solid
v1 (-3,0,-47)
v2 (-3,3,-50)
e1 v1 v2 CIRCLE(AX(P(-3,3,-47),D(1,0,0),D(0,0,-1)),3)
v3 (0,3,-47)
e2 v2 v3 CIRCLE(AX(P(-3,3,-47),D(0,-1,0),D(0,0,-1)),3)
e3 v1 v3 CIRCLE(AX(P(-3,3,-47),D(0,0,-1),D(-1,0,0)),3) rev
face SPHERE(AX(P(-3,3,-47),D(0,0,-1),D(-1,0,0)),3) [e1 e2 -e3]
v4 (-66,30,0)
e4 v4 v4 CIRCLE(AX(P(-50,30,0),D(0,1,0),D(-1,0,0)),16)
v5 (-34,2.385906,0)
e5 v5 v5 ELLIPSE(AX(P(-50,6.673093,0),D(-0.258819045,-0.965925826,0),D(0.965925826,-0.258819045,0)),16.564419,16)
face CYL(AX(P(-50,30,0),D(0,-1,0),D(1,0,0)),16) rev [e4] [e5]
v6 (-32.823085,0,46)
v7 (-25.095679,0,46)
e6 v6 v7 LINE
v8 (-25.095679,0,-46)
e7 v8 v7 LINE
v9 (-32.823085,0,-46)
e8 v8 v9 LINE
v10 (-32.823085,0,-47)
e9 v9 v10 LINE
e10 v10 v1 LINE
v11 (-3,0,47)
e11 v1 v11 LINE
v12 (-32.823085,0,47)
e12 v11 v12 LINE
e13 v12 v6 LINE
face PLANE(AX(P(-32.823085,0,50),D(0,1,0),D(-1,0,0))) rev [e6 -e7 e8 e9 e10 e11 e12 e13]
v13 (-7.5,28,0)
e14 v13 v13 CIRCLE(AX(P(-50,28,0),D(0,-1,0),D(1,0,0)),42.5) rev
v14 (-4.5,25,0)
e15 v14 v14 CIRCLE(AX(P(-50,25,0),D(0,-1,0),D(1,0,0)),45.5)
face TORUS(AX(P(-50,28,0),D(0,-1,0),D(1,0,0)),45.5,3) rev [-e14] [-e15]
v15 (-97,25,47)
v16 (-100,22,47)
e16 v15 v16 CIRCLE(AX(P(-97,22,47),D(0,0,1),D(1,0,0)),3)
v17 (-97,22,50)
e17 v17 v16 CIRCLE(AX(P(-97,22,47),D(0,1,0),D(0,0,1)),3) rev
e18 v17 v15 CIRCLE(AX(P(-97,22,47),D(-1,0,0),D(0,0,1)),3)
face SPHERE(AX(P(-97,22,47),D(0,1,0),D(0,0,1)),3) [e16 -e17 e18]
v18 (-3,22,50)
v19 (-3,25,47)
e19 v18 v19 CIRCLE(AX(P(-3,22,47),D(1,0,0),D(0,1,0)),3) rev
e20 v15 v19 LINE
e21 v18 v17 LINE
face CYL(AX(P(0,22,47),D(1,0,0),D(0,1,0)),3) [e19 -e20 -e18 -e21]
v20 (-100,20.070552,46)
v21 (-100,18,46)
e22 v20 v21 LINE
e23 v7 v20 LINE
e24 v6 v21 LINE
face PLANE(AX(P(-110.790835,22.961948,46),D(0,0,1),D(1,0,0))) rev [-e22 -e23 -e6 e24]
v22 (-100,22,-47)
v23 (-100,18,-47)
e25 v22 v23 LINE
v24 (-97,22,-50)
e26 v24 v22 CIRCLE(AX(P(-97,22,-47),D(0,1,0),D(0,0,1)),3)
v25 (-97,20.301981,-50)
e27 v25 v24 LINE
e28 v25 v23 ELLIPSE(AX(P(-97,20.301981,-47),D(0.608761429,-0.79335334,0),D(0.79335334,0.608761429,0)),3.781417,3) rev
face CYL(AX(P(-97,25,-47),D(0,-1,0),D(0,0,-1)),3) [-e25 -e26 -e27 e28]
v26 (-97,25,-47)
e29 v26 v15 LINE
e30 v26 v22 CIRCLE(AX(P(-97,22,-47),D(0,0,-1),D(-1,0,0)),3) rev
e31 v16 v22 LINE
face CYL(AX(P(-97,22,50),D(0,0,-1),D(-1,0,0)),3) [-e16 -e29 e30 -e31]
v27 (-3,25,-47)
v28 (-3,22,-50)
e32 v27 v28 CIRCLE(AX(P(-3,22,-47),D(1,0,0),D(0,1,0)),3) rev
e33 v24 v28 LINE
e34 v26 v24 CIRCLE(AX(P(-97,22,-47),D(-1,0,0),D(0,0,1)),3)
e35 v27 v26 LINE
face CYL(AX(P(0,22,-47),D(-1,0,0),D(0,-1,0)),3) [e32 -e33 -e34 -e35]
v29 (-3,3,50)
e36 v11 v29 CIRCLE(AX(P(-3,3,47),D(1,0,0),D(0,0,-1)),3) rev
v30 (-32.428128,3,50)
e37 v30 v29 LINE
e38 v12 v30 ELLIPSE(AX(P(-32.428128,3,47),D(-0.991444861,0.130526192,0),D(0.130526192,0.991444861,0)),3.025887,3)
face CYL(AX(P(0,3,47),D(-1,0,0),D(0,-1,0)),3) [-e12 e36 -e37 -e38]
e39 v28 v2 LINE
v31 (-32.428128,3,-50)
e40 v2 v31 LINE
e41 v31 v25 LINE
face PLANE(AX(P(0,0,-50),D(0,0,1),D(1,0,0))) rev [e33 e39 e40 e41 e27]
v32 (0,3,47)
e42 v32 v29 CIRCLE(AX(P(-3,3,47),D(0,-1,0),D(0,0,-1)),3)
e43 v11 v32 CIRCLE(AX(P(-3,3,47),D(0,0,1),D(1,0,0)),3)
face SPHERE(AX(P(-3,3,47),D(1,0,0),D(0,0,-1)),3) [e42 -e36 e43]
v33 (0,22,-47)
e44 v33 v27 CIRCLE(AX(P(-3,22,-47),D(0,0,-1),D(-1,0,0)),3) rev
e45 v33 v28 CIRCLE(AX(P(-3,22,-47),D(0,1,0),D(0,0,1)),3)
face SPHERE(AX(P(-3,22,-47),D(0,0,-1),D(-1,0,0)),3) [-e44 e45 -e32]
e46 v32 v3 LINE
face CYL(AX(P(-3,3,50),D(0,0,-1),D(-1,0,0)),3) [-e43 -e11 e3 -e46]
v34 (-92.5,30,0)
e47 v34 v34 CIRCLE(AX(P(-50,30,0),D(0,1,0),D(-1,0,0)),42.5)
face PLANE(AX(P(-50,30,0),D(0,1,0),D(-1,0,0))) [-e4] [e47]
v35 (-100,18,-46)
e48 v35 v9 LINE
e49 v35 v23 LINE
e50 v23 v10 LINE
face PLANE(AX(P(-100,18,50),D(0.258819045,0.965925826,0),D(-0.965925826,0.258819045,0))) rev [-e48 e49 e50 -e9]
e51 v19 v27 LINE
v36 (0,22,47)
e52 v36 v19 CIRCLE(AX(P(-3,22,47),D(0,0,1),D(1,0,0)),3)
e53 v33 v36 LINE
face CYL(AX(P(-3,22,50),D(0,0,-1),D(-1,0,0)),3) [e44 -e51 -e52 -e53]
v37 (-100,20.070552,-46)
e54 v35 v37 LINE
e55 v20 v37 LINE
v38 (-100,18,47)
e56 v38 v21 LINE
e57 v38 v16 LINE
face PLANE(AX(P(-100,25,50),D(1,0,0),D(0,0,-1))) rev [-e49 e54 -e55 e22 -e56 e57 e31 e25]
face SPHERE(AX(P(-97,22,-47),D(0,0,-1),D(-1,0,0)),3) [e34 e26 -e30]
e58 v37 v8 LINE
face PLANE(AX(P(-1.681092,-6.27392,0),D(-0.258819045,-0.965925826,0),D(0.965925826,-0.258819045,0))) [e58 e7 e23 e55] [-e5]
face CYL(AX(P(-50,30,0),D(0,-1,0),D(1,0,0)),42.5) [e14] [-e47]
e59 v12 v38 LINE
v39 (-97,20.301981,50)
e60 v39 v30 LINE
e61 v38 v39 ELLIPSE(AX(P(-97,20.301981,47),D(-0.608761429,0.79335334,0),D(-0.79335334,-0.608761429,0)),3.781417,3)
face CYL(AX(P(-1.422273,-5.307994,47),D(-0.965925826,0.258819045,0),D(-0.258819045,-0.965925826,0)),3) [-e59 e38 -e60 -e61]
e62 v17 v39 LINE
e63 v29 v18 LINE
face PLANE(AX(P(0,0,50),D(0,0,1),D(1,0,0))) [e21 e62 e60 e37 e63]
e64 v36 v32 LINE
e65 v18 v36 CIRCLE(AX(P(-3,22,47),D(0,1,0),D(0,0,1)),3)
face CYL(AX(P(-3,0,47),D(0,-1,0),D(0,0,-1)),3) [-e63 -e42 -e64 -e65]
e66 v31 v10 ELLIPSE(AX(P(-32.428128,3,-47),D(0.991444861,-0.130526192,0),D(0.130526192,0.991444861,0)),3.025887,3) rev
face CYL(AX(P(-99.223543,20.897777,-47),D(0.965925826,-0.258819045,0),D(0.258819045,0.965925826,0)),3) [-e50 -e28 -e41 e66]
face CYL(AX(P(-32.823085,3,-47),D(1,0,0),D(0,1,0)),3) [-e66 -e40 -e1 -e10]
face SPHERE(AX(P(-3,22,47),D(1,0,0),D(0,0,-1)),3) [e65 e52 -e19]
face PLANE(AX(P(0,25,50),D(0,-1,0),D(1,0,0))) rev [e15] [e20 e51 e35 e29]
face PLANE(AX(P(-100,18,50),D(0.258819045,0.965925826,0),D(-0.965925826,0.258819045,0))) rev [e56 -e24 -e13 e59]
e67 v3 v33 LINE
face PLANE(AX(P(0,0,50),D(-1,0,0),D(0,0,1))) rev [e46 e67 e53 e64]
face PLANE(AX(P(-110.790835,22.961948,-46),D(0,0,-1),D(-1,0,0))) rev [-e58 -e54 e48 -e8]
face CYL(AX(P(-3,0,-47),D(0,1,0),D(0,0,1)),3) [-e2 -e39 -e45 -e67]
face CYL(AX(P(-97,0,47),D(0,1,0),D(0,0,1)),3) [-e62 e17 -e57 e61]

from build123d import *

# Parameters (mm, degrees)
BOSS_EXTRUDE1_DEPTH = 50
SKETCH3_R           = 42.5
SKETCH3_R_2         = 16
BOSS_EXTRUDE2_DEPTH = 5
SKETCH4_R           = 16
CUT_EXTRUDE1_DEPTH  = 26
SKETCH6_W           = 100.044775272
SKETCH6_H           = 92
CUT_EXTRUDE3_DEPTH  = 2
FILLET1_R           = 3


with BuildPart() as part:
    # Sketch2 → Boss-Extrude1 (new body, symmetric)
    with BuildSketch(Plane.XY):
        Polygon((0, 0), (0, 25), (-100, 25), (-100, 18), (-32.823085464, 0), align=None)
    extrude(amount=BOSS_EXTRUDE1_DEPTH, both=True)

    # Sketch3 → Boss-Extrude2 (add)
    with BuildSketch(Plane(origin=(0, 25, 0), x_dir=(1, 0, 0), z_dir=(0, 1, 0))):
        with Locations((-50, 0)):
            Circle(SKETCH3_R)
        with Locations((-50, 0)):
            Circle(SKETCH3_R_2, mode=Mode.SUBTRACT)
    extrude(amount=BOSS_EXTRUDE2_DEPTH)

    # Sketch4 → Cut-Extrude1 (cut, through all)
    with BuildSketch(Plane(origin=(0, 25, 0), x_dir=(1, 0, 0), z_dir=(0, 1, 0))):
        with Locations((-50, 0)):
            Circle(SKETCH4_R)
    extrude(amount=-CUT_EXTRUDE1_DEPTH, mode=Mode.SUBTRACT)

    # Sketch6 → Cut-Extrude3 (cut)
    with BuildSketch(Plane(origin=(-2.198729811, -8.205771366, 0), x_dir=(0.965925826, -0.258819045, 0), z_dir=(-0.258819045, -0.965925826, 0))):
        with Locations((-62.936330428, 0)):
            Rectangle(SKETCH6_W, SKETCH6_H)
    extrude(amount=-CUT_EXTRUDE3_DEPTH, mode=Mode.SUBTRACT)

    # Fillet1
    fillet1_edges = [part.edges().sort_by_distance(p)[0] for p in [
        (-50, 25, 50),
        (-100, 21.5, 50),
        (-92.5, 25, 0),
        (-66.411542732, 9, 50),
        (-16.411542732, 0, 50),
        (-66.411542732, 9, -50),
        (-100, 21.5, -50),
        (-50, 25, -50),
        (0, 12.5, -50),
        (-16.411542732, 0, -50),
        (0, 12.5, 50),
        (-100, 25, 0),
        (0, 25, 0),
        (0, 0, 0),
    ]]
    fillet(fillet1_edges, radius=FILLET1_R)


solid = part.part
